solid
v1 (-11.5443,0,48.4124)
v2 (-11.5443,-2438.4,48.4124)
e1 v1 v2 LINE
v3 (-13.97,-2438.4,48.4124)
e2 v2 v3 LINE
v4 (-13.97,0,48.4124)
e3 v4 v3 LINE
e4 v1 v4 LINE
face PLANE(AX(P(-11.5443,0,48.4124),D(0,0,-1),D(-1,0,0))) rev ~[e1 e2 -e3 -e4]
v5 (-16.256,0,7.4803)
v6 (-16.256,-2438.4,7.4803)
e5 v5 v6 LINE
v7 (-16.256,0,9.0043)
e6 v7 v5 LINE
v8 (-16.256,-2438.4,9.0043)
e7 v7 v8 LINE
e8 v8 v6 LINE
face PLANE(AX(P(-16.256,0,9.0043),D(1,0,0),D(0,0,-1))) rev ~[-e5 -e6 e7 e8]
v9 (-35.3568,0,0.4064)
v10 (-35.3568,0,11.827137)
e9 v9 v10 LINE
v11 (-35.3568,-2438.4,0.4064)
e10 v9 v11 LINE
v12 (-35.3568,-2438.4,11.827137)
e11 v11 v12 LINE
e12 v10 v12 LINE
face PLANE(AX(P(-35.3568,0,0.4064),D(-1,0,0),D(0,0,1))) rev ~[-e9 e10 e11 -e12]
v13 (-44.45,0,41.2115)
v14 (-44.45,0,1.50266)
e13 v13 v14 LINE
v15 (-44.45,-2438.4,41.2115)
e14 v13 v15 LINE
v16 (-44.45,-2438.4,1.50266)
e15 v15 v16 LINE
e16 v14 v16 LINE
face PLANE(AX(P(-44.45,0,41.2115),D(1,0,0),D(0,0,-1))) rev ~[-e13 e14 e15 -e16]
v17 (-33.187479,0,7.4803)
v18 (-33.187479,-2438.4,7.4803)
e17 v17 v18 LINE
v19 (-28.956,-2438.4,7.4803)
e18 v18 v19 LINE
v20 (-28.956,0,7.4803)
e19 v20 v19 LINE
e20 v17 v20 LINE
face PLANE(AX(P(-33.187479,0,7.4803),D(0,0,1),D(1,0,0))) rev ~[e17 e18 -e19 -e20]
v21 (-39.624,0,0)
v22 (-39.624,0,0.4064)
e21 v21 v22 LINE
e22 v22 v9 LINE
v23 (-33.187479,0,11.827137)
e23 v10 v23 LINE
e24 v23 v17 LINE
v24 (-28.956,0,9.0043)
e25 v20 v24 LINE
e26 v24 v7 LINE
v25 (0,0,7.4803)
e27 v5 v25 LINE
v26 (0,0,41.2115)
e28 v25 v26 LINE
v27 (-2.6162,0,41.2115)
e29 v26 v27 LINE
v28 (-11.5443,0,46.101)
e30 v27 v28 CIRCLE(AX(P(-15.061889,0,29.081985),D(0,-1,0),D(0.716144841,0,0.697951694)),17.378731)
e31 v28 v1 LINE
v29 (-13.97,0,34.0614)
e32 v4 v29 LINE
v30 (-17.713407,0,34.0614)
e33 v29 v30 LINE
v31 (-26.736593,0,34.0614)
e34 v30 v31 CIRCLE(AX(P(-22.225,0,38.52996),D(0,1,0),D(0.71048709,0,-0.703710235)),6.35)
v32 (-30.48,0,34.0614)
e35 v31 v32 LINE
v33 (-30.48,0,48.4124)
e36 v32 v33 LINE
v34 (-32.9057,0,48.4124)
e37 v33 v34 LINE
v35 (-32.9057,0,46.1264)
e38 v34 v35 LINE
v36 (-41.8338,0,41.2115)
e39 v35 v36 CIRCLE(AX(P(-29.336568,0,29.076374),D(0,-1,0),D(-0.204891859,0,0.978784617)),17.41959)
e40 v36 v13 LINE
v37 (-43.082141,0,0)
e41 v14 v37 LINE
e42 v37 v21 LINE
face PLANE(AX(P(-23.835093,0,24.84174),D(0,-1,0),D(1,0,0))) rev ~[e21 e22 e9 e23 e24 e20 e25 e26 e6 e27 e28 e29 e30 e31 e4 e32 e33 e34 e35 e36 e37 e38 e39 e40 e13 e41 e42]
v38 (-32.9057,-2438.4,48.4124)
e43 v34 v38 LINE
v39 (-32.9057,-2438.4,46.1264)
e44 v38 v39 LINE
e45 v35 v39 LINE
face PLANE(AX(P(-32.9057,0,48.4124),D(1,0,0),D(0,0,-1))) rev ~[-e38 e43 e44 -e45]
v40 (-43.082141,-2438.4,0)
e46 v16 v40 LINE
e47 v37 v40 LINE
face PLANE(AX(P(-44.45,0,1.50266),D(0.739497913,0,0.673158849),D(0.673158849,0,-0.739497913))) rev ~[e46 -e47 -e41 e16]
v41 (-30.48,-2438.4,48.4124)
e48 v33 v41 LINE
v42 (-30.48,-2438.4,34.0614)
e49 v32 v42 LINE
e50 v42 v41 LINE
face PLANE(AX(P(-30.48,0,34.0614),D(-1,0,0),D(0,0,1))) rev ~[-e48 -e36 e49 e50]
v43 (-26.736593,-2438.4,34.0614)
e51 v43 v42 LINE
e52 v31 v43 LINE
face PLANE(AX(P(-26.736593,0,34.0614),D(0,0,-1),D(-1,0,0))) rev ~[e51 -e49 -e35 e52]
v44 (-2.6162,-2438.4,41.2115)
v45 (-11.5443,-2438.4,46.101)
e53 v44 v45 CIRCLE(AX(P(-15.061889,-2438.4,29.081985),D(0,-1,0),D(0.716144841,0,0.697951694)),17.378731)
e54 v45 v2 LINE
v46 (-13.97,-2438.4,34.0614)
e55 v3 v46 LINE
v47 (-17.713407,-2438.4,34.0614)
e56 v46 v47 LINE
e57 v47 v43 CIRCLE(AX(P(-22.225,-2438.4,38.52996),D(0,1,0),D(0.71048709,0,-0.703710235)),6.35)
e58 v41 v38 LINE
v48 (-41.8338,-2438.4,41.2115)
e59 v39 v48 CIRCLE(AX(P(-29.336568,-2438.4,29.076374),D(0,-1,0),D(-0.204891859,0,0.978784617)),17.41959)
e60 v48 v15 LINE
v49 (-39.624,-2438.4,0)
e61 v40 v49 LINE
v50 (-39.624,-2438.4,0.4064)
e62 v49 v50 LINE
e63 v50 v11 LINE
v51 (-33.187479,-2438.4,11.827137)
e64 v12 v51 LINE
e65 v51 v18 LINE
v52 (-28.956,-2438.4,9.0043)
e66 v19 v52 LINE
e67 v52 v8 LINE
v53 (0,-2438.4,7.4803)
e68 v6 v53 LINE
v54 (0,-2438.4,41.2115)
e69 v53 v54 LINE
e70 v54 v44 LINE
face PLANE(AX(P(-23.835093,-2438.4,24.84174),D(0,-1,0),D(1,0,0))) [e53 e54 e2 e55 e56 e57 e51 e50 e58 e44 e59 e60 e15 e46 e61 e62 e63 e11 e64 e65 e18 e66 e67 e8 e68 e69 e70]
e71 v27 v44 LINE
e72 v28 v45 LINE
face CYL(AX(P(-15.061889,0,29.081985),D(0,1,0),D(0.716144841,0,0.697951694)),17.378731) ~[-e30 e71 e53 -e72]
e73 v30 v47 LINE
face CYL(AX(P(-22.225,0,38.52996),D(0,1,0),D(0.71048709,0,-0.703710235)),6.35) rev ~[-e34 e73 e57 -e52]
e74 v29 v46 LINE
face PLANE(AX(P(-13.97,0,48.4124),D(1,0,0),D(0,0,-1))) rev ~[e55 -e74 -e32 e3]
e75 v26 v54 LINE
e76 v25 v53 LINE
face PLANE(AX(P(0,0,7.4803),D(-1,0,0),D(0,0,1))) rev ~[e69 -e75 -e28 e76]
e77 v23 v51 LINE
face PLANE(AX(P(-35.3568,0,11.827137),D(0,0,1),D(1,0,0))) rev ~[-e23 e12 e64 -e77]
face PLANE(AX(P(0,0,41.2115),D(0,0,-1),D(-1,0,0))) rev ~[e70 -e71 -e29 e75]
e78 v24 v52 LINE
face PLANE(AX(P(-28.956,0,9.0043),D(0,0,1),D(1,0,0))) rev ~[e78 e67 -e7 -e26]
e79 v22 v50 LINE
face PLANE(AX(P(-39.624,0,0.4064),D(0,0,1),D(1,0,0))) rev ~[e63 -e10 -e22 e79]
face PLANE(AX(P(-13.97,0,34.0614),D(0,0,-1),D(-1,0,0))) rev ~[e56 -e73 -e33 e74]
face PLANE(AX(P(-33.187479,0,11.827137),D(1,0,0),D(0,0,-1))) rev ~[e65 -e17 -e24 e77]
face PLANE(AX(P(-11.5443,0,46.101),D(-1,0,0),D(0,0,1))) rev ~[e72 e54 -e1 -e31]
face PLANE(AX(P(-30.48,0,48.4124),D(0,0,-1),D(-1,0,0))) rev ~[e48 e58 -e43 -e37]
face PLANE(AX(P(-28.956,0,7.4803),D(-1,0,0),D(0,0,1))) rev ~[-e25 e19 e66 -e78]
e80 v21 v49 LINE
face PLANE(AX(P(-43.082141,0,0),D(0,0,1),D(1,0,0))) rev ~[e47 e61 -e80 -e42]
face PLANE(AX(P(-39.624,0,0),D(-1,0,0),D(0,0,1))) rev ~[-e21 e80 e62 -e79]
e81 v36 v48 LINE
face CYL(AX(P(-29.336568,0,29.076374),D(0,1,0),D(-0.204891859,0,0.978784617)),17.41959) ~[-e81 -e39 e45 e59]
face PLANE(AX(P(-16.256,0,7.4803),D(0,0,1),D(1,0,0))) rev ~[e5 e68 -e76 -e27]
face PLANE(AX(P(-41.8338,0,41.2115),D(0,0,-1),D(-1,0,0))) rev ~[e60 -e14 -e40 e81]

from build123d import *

# Parameters (mm, degrees)
F1_DEPTH = 2438.4


with BuildPart() as f1:
    # F0 (on Front) → F1 (new body)
    with BuildSketch(Plane.XZ):
        with BuildLine():
            Line((-43.082141, 0), (-39.624, 0))
            Line((-39.624, 0), (-39.624, 0.4064))
            Line((-39.624, 0.4064), (-35.3568, 0.4064))
            Line((-35.3568, 0.4064), (-35.3568, 7.4803))
            Line((-35.3568, 7.4803), (-35.3568, 11.827137))
            Line((-35.3568, 11.827137), (-33.187479, 11.827137))
            Line((-33.187479, 11.827137), (-33.187479, 7.4803))
            Line((-33.187479, 7.4803), (-28.956, 7.4803))
            Line((-28.956, 7.4803), (-28.956, 9.0043))
            Line((-28.956, 9.0043), (-16.256, 9.0043))
            Line((-16.256, 9.0043), (-16.256, 7.4803))
            Line((-16.256, 7.4803), (0, 7.4803))
            Line((0, 7.4803), (0, 41.2115))
            Line((0, 41.2115), (-2.6162, 41.2115))
            ThreePointArc((-2.6162, 41.2115), (-6.714233, 44.324588), (-11.5443, 46.101))
            Line((-11.5443, 46.101), (-11.5443, 48.4124))
            Line((-11.5443, 48.4124), (-13.97, 48.4124))
            Line((-13.97, 48.4124), (-13.97, 34.0614))
            Line((-13.97, 34.0614), (-17.713407, 34.0614))
            ThreePointArc((-17.713407, 34.0614), (-22.225, 32.17996), (-26.736593, 34.0614))
            Line((-26.736593, 34.0614), (-30.48, 34.0614))
            Line((-30.48, 34.0614), (-30.48, 48.4124))
            Line((-30.48, 48.4124), (-32.9057, 48.4124))
            Line((-32.9057, 48.4124), (-32.9057, 46.1264))
            ThreePointArc((-32.9057, 46.1264), (-37.737227, 44.336486), (-41.8338, 41.2115))
            Line((-41.8338, 41.2115), (-44.45, 41.2115))
            Line((-44.45, 41.2115), (-44.45, 1.50266))
            Line((-44.45, 1.50266), (-43.082141, 0))
        make_face()
    extrude(amount=F1_DEPTH)


solid = f1.part
